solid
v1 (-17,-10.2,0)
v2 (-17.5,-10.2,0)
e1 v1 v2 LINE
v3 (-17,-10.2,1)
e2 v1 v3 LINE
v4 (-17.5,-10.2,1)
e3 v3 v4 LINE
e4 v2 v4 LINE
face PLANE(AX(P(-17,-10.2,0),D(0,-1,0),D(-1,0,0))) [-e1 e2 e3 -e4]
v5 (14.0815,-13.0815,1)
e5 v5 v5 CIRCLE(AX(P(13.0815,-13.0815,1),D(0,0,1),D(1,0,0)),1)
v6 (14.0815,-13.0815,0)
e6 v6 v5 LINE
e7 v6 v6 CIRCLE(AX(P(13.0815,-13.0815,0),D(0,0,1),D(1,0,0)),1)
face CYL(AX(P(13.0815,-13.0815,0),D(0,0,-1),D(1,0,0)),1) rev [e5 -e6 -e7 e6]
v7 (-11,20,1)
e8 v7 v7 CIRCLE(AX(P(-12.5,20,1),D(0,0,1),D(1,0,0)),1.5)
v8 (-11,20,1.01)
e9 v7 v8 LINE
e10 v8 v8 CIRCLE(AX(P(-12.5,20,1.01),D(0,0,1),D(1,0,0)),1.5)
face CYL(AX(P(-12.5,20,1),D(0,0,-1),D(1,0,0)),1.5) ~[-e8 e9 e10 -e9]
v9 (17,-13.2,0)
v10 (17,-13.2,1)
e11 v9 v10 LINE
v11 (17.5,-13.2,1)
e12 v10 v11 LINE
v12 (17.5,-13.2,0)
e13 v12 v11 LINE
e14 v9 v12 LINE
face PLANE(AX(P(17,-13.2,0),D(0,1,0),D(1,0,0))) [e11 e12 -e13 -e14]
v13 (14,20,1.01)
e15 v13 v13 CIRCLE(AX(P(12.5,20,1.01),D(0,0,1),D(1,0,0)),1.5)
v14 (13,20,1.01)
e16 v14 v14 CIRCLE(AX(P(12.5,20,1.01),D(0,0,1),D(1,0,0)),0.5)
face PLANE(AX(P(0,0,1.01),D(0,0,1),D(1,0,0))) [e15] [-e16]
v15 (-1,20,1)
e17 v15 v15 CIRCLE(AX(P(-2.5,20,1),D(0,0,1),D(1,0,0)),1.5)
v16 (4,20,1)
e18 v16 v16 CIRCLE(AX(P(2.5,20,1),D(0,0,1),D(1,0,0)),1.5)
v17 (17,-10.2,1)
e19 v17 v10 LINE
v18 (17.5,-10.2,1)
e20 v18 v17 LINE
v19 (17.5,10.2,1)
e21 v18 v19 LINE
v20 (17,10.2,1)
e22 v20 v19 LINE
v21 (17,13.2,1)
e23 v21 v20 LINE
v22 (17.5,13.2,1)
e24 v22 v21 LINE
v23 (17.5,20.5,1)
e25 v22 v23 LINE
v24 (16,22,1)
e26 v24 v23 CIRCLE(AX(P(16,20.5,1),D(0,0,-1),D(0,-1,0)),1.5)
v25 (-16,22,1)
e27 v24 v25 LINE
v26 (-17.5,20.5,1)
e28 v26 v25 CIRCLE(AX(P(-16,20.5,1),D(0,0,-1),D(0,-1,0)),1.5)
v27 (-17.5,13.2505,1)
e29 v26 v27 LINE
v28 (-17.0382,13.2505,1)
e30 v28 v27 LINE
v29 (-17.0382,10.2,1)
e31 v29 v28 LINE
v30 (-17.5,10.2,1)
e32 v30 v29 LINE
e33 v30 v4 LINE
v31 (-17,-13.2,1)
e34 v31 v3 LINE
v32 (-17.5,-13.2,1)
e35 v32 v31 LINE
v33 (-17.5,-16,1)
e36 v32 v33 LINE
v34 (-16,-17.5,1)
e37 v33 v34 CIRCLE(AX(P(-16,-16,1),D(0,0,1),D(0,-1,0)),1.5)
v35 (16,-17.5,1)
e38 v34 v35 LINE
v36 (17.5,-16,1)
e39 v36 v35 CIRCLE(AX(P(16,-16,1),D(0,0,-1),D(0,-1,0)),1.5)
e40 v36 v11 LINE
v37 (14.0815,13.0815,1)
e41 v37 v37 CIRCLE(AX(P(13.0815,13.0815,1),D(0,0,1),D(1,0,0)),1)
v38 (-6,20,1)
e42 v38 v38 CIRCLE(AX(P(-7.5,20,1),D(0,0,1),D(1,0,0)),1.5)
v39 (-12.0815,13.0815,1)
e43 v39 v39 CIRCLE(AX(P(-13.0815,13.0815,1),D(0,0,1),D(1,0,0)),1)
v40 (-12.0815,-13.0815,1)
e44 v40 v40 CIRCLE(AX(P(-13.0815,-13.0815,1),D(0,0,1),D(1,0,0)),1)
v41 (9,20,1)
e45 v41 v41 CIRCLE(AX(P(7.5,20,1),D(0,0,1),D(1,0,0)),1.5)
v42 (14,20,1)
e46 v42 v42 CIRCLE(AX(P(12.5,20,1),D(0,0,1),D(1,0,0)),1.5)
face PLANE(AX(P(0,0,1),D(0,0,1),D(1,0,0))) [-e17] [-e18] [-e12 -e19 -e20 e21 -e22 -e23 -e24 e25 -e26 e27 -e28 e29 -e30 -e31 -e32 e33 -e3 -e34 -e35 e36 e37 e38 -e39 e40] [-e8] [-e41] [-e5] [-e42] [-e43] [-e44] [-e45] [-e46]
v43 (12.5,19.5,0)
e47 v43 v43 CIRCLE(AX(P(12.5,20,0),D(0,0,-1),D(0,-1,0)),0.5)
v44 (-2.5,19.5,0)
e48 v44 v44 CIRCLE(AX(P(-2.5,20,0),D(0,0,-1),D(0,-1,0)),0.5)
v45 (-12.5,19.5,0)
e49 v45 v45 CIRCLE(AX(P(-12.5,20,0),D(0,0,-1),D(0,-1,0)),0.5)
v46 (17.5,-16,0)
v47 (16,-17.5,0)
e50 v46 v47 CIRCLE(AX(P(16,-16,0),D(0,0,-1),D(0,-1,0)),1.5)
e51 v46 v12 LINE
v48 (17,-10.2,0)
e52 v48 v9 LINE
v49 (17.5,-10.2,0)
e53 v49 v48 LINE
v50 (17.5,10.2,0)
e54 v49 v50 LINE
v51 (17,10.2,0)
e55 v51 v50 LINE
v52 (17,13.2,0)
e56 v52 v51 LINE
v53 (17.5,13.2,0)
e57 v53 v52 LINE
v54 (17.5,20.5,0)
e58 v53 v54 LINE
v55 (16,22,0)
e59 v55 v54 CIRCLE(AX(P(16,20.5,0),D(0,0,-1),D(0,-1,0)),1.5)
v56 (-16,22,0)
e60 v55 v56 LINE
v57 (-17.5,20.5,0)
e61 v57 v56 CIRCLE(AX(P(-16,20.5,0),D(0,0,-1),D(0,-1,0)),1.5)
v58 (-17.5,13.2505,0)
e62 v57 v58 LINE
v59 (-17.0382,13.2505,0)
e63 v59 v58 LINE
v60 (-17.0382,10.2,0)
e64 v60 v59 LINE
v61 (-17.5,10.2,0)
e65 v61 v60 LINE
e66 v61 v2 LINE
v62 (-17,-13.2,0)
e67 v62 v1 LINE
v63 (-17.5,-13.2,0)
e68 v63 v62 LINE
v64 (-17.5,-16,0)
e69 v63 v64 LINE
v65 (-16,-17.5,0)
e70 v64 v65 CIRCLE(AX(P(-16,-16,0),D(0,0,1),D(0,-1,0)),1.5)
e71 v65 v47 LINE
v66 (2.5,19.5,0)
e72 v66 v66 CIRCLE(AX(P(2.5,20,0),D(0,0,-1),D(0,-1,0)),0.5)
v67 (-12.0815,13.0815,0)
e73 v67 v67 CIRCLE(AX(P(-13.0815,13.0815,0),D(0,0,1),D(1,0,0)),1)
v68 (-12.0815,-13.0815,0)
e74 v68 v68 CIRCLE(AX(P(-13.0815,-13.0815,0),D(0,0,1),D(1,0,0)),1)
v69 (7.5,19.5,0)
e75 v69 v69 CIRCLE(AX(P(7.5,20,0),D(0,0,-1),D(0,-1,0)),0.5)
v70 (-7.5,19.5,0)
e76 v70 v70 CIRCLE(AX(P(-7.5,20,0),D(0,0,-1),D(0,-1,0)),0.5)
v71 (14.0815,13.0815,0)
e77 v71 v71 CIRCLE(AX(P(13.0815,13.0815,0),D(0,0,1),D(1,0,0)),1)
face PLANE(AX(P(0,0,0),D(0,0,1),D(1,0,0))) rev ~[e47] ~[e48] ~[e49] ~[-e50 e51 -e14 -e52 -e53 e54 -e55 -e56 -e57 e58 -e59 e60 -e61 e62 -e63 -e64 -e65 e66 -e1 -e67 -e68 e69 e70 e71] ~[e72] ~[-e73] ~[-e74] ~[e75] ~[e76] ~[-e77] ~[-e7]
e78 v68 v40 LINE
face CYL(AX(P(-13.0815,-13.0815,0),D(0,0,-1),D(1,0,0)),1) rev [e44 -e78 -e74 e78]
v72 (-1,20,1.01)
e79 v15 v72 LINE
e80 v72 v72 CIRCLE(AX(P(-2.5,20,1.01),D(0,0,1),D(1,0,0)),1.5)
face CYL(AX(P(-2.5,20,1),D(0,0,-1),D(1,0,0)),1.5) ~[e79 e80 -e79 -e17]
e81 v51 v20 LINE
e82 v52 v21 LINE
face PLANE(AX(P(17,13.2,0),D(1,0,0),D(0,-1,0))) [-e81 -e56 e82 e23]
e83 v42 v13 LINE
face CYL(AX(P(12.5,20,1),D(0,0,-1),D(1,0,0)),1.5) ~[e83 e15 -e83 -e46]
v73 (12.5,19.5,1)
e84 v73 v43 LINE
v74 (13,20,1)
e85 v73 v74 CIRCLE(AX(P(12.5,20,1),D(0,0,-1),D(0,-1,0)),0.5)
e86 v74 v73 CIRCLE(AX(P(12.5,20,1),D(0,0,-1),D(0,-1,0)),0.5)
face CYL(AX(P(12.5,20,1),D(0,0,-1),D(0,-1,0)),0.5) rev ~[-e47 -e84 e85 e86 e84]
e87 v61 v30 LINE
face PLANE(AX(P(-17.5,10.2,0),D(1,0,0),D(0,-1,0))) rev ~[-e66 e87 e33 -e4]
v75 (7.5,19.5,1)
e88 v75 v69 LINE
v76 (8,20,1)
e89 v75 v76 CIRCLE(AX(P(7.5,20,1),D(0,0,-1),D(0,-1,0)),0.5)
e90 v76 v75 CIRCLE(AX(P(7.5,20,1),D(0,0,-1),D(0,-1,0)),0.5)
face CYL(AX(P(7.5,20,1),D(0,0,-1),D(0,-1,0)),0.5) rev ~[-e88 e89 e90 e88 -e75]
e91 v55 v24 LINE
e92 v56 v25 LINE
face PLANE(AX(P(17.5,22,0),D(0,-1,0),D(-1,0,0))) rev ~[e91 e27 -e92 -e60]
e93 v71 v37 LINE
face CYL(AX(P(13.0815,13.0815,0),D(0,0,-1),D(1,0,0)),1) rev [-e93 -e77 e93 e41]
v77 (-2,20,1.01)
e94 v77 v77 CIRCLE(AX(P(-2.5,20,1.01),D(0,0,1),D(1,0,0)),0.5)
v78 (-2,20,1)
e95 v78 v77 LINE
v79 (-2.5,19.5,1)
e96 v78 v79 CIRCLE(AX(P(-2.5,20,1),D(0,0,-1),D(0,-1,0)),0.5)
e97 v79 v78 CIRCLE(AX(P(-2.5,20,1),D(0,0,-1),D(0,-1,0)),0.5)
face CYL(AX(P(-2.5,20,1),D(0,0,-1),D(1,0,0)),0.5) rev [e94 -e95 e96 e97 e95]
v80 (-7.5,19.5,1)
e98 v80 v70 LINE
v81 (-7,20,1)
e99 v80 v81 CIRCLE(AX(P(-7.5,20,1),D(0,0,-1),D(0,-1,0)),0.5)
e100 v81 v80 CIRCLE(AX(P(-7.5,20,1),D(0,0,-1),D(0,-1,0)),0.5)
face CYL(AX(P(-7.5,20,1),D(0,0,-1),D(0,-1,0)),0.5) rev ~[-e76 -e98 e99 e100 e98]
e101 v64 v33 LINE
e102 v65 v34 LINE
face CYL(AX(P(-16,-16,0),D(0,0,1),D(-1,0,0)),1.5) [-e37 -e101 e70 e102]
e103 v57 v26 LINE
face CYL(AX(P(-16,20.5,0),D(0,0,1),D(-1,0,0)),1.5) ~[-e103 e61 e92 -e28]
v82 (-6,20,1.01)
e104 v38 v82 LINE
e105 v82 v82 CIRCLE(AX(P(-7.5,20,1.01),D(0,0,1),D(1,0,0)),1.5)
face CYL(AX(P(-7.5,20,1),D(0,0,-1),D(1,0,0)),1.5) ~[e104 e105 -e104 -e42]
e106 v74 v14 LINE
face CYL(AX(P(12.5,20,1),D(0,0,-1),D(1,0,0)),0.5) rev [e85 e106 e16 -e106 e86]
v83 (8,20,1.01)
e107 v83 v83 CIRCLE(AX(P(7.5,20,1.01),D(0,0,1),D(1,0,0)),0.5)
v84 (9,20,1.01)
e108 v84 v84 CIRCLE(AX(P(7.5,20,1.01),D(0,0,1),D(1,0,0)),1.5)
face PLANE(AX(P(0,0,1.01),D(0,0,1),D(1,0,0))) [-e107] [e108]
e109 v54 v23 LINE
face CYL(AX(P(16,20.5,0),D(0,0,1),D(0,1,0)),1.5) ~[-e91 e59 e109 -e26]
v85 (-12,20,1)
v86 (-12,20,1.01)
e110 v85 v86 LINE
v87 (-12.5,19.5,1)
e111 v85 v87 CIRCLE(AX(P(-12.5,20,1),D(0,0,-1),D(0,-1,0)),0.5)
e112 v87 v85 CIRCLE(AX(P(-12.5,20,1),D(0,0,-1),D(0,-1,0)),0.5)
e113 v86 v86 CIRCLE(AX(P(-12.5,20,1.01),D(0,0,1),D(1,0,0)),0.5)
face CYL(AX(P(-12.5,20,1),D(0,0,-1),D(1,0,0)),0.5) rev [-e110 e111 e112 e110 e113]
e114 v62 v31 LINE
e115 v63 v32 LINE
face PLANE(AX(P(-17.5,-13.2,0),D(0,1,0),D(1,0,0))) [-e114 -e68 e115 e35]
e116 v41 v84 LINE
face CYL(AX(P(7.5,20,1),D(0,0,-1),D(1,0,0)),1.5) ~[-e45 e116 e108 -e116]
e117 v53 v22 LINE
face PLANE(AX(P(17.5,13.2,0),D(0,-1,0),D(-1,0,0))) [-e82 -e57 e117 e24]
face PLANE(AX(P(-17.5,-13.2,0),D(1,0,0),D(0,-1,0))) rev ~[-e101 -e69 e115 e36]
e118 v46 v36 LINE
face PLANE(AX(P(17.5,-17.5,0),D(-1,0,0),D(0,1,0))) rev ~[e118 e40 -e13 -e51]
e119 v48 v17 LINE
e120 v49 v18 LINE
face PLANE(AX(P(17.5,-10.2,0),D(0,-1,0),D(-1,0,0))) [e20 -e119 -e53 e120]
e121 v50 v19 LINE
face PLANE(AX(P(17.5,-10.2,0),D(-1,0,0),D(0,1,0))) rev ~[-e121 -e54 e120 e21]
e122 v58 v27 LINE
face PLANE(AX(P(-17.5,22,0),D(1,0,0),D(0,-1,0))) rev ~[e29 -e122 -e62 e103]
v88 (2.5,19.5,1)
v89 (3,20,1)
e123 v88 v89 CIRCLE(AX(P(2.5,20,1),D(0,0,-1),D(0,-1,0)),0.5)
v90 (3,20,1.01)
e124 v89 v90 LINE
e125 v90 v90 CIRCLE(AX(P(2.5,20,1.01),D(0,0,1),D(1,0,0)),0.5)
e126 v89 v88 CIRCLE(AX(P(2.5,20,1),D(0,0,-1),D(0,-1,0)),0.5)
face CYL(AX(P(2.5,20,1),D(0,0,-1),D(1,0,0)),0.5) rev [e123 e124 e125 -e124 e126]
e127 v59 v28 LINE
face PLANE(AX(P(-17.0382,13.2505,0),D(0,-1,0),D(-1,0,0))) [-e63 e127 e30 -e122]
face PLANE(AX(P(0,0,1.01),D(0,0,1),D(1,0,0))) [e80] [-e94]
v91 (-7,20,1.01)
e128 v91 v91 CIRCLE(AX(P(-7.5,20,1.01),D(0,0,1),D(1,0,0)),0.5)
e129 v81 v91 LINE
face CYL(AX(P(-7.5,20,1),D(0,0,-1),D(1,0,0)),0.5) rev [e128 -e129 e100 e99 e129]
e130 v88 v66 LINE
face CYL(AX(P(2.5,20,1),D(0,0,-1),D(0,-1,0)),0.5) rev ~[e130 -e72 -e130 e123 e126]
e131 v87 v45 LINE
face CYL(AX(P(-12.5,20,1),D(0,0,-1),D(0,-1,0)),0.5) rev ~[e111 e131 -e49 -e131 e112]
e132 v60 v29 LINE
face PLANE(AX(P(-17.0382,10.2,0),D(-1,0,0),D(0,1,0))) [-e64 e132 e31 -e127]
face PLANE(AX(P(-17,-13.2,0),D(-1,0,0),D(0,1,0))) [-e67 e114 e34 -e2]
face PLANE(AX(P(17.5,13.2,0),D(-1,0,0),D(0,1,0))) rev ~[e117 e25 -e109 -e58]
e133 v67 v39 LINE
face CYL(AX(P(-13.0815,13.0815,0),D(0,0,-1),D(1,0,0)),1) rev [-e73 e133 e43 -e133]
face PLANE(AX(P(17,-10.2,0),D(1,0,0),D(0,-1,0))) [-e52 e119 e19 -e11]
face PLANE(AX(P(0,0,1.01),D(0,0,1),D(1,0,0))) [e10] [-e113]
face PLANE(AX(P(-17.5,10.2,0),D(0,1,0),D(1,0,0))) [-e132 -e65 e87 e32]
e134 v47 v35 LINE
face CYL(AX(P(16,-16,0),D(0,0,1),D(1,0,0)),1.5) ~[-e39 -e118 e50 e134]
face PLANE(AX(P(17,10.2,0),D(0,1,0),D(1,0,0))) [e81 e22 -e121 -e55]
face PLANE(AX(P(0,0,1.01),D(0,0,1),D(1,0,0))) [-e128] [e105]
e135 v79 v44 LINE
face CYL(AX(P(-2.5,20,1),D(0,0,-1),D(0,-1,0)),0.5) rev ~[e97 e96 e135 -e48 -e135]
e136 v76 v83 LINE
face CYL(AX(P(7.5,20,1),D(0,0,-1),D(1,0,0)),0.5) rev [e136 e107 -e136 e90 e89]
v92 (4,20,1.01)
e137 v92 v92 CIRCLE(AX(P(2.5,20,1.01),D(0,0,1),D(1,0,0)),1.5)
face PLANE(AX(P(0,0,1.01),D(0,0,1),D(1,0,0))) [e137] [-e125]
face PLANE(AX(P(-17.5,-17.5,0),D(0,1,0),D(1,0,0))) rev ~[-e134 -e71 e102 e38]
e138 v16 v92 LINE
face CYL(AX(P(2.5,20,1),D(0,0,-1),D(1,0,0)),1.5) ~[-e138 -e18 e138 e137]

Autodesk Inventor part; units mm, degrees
ref_plane "YZ Plane" through (0, 0, 0) normal (1, 0, 0) x (0, 1, 0)
ref_plane "XZ Plane" through (0, 0, 0) normal (0, 1, 0) x (-1, 0, 0)
ref_plane "XY Plane" through (0, 0, 0) normal (0, 0, 1) x (1, 0, 0)
sketch "スケッチ1" plane through (0, 0, 0) normal (0, 0, 1) x (1, 0, 0)
  circle A0 centre (13.0815, -13.0815) radius 1
  circle A1 centre (-13.0815, 13.0815) radius 1
  circle A2 centre (13.0815, 13.0815) radius 1
  line L0 (-17.5, -17.5) -> (17.5, -17.5)
  line L1 (17.5, -17.5) -> (17.5, -13.2)
  line L2 (17.5, 22) -> (-17.5, 22)
  line L3 (-17.5, 22) -> (-17.5, 13.2505)
  line L4 (-17.0382, 13.2505) -> (-17.5, 13.2505)
  line L5 (-17.5, 13.2505) -> (-17.5, 13.2)
  line L6 (-17.5, 10.2) -> (-17.0382, 10.2)
  line L7 (-17.0382, 10.2) -> (-17.0382, 13.2505)
  line L8 (-17, -10.2) -> (-17.5, -10.2)
  line L9 (-17.5, -10.2) -> (-17.5, -13.2)
  line L10 (-17.5, -13.2) -> (-17, -13.2)
  line L11 (-17, -13.2) -> (-17, -10.2)
  line L12 (17.5, -10.2) -> (17, -10.2)
  line L13 (17, -10.2) -> (17, -13.2)
  line L14 (17, -13.2) -> (17.5, -13.2)
  line L15 (17.5, -13.2) -> (17.5, -10.2)
  line L16 (17.5, 13.2) -> (17, 13.2)
  line L17 (17, 13.2) -> (17, 10.2)
  line L18 (17, 10.2) -> (17.5, 10.2)
  line L19 (17.5, 10.2) -> (17.5, 13.2)
  line L20 (17, 13.2) -> (17.5, 13.2)
  line L21 (17.5, 13.2) -> (17.5, 22)
  line L22 (17.5, 10.2) -> (17.5, 13.2)
  line L23 (17.5, -10.2) -> (17.5, 10.2)
  line L24 (17.5, -13.2) -> (17.5, -10.2)
  line L25 (-17.5, -13.2) -> (-17.5, -17.5)
  line L26 (-17.5, -10.2) -> (-17.5, -13.2)
  line L27 (-17.5, 13.2505) -> (-17.5, 13.2)
  line L28 (-17.5, 13.2) -> (-17.5, 10.2)
  line L29 (-17.5, 10.2) -> (-17.5, -10.2)
  line L30 (-17.5, 13.2) -> (-17.5, 10.2)
  circle A3 centre (-13.0815, 13.0815) radius 1
  circle A4 centre (13.0815, 13.0815) radius 1
  circle A5 centre (-13.0815, -13.0815) radius 1
  circle A6 centre (13.0815, -13.0815) radius 1
  circle A7 centre (-13.0815, -13.0815) radius 1
  point P0 (0, 0)
  point P1 (0, 0)
  dimension "d0" = 39.5
  dimension "d1" = 2
extrude "押し出し1" add sketch "スケッチ1" along normal blind 1 contours L25 L10 L11 L8 L29 L6 L7 L4 L3 L2 L21 L16 L17 L18 L23 L12 L13 L14 L1 L0
fillet "フィレット1" radius 1.5 4 edges at (-17.5, -17.5, 0.5) (-17.5, 22, 0.5) (17.5, 22, 0.5) (17.5, -17.5, 0.5)
sketch "スケッチ2" plane through (0, 0, 1) normal (0, 0, 1) x (1, 0, 0)
  line L0 (17.5, 20.5) -> (17.5, 13.2) projected
  line L1 (-16, 22) -> (16, 22) projected
  line L2 (-17.5, 13.2505) -> (-17.5, 20.5) projected
  line L3 (16, -17.5) -> (-16, -17.5) projected
  line L4 (17.5, 20) -> (-17.5, 20)
  line L5 (0, 22) -> (0, -17.5)
  point P0 (0, 0)
  point P1 (2.5, 20)
  point P2 (7.5, 20)
  point P3 (12.5, 20)
  point P4 (-2.5, 20)
  point P5 (-7.5, 20)
  point P6 (-12.5, 20)
  dimension "d5" = 2
  dimension "d6" = 12.5
  dimension "d9" = 5
  dimension "d10" = 5
hole "Hole1" at (2.5, 20, 1) at (7.5, 20, 1) at (12.5, 20, 1) at (-12.5, 20, 1) at (-7.5, 20, 1) at (-2.5, 20, 1) direction (0, 0, -1) diameter 1 end through all
sketch "スケッチ3" plane through (0, 0, 1) normal (0, 0, 1) x (1, 0, 0)
  circle A0 centre (-2.5, 20) radius 0.5 projected
  circle A1 centre (-7.5, 20) radius 0.5 projected
  circle A2 centre (-12.5, 20) radius 0.5 projected
  circle A3 centre (12.5, 20) radius 0.5 projected
  circle A4 centre (7.5, 20) radius 0.5 projected
  circle A5 centre (2.5, 20) radius 0.5 projected
  circle A6 centre (12.5, 20) radius 1.5
  circle A7 centre (7.5, 20) radius 1.5
  circle A8 centre (2.5, 20) radius 1.5
  circle A9 centre (-2.5, 20) radius 1.5
  circle A10 centre (-7.5, 20) radius 1.5
  circle A11 centre (-12.5, 20) radius 1.5
  point P0 (0, 0)
  dimension "d18" = 3
  dimension "d19" = 3
  dimension "d20" = 3
  dimension "d21" = 3
  dimension "d22" = 3
  dimension "d23" = 3
extrude "押し出し2" add sketch "スケッチ3" along normal blind 0.01
equation "\"d10\" = d9"
equation "\"d19\" = d18"
equation "\"d20\" = d18"
equation "\"d21\" = d18"
equation "\"d22\" = d18"
equation "\"d23\" = d18"
properties part number "SLIPRING_SRG-1-6G_"
